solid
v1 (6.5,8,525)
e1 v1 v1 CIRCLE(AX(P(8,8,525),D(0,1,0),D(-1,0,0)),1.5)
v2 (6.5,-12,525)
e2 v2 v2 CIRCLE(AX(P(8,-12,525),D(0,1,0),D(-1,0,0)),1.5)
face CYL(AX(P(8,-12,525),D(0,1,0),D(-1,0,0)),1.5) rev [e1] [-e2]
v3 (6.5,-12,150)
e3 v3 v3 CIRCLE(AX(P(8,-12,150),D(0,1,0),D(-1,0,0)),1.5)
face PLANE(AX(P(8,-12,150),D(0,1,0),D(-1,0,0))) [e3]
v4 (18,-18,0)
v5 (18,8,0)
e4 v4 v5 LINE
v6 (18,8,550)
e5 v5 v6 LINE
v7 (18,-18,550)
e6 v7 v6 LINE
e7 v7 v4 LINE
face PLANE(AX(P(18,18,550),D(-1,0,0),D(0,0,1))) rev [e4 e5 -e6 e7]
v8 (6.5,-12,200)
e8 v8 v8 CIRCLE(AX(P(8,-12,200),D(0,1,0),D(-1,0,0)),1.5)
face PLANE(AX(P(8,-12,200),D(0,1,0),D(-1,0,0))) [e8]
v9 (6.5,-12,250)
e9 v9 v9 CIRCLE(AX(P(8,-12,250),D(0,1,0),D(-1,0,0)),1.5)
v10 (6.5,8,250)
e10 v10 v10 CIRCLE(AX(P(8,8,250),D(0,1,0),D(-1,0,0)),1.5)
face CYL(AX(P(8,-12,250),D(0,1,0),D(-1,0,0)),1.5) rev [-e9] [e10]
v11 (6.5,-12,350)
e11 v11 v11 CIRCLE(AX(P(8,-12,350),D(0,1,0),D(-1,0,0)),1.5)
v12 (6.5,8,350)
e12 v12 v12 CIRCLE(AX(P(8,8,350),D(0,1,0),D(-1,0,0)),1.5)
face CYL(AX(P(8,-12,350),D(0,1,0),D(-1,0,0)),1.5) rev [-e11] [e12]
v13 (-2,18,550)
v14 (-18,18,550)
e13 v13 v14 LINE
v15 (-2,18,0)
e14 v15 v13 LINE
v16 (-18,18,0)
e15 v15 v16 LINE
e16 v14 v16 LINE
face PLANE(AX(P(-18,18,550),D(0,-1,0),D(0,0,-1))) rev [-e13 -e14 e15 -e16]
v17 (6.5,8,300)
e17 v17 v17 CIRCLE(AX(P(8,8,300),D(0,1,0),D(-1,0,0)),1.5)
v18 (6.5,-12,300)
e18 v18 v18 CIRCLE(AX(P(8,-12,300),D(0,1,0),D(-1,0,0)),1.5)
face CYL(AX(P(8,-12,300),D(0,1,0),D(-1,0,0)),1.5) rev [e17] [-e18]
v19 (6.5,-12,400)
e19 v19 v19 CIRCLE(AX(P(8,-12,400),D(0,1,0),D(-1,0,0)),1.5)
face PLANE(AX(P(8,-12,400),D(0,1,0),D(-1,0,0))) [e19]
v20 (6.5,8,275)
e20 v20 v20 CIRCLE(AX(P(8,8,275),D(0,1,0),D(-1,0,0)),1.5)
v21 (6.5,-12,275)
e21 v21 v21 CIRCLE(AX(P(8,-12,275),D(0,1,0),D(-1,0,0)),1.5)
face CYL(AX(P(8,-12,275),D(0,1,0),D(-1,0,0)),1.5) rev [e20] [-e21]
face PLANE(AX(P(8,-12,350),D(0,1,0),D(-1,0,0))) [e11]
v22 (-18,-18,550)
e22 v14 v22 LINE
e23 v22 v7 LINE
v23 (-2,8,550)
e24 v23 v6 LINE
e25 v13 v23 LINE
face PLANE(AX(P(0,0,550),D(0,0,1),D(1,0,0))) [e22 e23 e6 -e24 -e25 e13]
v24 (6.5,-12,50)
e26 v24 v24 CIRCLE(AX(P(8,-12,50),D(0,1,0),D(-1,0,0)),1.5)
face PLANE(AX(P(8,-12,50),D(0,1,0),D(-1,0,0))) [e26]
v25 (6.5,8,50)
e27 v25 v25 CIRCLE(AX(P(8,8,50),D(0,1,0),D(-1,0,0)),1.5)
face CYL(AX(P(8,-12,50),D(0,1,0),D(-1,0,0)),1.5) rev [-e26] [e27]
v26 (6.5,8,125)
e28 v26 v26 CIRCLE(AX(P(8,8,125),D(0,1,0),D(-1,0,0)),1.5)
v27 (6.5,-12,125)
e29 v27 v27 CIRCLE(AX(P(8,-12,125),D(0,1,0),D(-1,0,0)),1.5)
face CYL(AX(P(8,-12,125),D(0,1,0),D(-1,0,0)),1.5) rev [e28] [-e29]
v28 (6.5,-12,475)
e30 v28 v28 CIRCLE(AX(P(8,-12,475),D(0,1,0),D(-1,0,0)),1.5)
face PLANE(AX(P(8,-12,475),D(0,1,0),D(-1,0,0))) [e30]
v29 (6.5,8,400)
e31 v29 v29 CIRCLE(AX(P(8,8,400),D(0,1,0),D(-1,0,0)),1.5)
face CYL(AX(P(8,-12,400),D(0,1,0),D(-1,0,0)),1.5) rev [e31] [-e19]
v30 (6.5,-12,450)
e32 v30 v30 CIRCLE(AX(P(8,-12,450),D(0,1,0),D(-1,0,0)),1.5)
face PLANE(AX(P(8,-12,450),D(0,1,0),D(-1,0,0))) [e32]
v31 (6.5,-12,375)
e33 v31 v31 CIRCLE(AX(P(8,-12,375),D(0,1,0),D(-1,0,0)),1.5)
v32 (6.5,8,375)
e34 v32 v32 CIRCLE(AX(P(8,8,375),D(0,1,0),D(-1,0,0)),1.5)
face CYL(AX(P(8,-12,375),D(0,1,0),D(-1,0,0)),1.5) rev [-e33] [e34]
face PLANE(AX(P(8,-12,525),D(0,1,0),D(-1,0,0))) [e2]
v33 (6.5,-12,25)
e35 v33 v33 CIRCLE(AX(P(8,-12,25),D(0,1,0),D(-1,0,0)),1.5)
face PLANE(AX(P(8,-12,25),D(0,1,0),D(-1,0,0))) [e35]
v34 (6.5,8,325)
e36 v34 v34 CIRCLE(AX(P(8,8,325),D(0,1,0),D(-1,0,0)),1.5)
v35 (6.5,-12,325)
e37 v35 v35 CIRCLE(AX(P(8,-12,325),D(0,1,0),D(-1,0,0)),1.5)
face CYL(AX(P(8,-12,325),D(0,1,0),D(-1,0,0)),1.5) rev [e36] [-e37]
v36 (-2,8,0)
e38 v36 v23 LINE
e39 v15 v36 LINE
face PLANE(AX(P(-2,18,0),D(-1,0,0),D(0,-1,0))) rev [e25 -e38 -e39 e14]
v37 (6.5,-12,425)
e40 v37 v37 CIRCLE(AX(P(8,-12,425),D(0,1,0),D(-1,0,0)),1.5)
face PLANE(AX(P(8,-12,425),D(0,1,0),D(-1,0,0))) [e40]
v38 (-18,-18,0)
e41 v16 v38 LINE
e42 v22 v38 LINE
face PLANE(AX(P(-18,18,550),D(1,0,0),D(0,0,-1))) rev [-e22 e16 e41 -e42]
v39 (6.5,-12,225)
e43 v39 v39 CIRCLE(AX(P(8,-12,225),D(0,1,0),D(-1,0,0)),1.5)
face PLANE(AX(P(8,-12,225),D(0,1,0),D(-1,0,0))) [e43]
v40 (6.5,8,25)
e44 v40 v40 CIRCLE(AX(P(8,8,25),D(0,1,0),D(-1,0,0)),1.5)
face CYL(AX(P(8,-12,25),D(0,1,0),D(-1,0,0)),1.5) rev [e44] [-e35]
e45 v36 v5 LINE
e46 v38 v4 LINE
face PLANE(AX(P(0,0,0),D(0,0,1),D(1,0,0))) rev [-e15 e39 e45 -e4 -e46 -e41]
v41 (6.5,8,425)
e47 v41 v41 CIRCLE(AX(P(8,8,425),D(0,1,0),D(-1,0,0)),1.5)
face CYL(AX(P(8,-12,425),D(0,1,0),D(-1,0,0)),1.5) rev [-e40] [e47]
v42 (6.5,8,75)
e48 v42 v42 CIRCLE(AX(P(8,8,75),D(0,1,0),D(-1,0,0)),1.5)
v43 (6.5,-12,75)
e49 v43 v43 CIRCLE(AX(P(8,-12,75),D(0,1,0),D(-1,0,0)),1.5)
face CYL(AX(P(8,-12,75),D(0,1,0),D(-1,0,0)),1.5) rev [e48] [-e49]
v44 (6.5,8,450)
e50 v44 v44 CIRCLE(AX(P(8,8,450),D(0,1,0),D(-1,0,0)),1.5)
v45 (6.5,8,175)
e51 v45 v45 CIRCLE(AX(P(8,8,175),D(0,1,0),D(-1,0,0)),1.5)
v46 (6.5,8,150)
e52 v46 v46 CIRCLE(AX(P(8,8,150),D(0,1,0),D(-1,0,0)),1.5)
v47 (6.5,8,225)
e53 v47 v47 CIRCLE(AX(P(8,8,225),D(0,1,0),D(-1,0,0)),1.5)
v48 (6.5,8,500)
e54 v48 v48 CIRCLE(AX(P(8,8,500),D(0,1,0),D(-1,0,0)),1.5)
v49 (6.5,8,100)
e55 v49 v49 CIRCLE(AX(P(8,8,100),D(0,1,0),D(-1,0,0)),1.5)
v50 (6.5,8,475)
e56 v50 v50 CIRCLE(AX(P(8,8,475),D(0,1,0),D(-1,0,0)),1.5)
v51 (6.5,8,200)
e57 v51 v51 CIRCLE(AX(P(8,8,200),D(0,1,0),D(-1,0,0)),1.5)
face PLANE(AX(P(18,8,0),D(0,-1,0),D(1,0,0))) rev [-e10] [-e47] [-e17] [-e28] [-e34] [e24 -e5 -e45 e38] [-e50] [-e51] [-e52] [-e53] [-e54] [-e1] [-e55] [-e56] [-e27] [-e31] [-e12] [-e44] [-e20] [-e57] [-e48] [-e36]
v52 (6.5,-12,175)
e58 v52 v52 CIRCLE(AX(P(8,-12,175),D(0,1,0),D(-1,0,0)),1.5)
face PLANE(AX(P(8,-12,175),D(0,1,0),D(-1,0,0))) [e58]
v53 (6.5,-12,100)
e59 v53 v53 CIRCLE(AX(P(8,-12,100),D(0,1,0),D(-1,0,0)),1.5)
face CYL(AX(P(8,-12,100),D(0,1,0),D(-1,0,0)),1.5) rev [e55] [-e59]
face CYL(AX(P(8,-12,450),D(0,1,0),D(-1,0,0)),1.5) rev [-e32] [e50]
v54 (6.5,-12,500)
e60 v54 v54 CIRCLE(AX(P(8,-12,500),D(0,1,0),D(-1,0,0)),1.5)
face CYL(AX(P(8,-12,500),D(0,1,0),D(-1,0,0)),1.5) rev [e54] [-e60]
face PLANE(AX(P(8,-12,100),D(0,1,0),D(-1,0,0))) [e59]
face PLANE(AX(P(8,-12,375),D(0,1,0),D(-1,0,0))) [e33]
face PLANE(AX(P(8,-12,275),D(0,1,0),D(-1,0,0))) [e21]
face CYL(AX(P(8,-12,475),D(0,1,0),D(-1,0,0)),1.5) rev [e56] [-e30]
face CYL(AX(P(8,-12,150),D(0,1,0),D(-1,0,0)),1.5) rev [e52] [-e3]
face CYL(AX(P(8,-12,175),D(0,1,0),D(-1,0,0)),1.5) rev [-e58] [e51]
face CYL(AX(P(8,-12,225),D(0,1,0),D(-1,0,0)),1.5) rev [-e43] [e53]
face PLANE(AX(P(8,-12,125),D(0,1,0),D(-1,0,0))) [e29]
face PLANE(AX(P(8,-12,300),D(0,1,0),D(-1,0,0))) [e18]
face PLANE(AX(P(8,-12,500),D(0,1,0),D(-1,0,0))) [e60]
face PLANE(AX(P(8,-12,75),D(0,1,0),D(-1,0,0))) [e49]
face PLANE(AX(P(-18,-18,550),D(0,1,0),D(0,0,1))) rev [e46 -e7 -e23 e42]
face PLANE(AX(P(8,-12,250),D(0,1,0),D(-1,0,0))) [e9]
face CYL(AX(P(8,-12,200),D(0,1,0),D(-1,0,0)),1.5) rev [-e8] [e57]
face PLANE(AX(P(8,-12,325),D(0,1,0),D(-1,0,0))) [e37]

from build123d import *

# Parameters (mm, degrees)
ESQUISSE1_W                    = 36
ESQUISSE1_H                    = 36
BOSS_EXTRU_1_DEPTH             = 550
ENL_V_MAT_EXTRU_1_DEPTH        = 551.588775766
ENL_V_MAT_EXTRU_1_DEPTH_BACK   = 551.588775766
ESQUISSE2_W                    = 20
ESQUISSE2_H                    = 10
ESQUISSE3_R                    = 1.5
ENL_V_MAT_EXTRU_2_DEPTH        = 20
R_P_TITION_LIN_AIRE1_COUNT     = 11
R_P_TITION_LIN_AIRE1_PITCH     = 25
R_P_TITION_LIN_AIRE1_COL_COUNT = 11
R_P_TITION_LIN_AIRE1_COL_PITCH = 25


with BuildPart() as part:
    # Esquisse1 → Boss.-Extru.1 (new body)
    with BuildSketch(Plane.XY):
        Rectangle(ESQUISSE1_W, ESQUISSE1_H)
    extrude(amount=BOSS_EXTRU_1_DEPTH)

    # Esquisse2 → Enlèv. mat.-Extru.1 (cut, two sides: drawn at the far end of the back side and taken through both)
    with BuildSketch(Plane.XY.offset(550).offset(-ENL_V_MAT_EXTRU_1_DEPTH_BACK)):
        with Locations((8, 13)):
            Rectangle(ESQUISSE2_W, ESQUISSE2_H)
    extrude(amount=ENL_V_MAT_EXTRU_1_DEPTH + ENL_V_MAT_EXTRU_1_DEPTH_BACK, mode=Mode.SUBTRACT)

    # Esquisse3 → Enlèv. mat.-Extru.2 (cut)
    with BuildSketch(Plane(origin=(0, 8, 0), x_dir=(1, 0, 0), z_dir=(0, 1, 0))):
        with Locations(Location((8, -275, 0), (0, 0, 180))):
            Circle(ESQUISSE3_R)
    enl_v_mat_extru_2 = extrude(amount=-ENL_V_MAT_EXTRU_2_DEPTH, mode=Mode.SUBTRACT)

    # Répétition linéaire1: Enlèv. mat.-Extru.2 ×11
    with Locations(*[(0, 0, -i * R_P_TITION_LIN_AIRE1_PITCH) for i in range(1, R_P_TITION_LIN_AIRE1_COUNT)]):
        add(enl_v_mat_extru_2, mode=Mode.SUBTRACT)

    # Répétition linéaire1 col: Enlèv. mat.-Extru.2 ×11
    with Locations(*[(0, 0, i * R_P_TITION_LIN_AIRE1_COL_PITCH) for i in range(1, R_P_TITION_LIN_AIRE1_COL_COUNT)]):
        add(enl_v_mat_extru_2, mode=Mode.SUBTRACT)


solid = part.part
